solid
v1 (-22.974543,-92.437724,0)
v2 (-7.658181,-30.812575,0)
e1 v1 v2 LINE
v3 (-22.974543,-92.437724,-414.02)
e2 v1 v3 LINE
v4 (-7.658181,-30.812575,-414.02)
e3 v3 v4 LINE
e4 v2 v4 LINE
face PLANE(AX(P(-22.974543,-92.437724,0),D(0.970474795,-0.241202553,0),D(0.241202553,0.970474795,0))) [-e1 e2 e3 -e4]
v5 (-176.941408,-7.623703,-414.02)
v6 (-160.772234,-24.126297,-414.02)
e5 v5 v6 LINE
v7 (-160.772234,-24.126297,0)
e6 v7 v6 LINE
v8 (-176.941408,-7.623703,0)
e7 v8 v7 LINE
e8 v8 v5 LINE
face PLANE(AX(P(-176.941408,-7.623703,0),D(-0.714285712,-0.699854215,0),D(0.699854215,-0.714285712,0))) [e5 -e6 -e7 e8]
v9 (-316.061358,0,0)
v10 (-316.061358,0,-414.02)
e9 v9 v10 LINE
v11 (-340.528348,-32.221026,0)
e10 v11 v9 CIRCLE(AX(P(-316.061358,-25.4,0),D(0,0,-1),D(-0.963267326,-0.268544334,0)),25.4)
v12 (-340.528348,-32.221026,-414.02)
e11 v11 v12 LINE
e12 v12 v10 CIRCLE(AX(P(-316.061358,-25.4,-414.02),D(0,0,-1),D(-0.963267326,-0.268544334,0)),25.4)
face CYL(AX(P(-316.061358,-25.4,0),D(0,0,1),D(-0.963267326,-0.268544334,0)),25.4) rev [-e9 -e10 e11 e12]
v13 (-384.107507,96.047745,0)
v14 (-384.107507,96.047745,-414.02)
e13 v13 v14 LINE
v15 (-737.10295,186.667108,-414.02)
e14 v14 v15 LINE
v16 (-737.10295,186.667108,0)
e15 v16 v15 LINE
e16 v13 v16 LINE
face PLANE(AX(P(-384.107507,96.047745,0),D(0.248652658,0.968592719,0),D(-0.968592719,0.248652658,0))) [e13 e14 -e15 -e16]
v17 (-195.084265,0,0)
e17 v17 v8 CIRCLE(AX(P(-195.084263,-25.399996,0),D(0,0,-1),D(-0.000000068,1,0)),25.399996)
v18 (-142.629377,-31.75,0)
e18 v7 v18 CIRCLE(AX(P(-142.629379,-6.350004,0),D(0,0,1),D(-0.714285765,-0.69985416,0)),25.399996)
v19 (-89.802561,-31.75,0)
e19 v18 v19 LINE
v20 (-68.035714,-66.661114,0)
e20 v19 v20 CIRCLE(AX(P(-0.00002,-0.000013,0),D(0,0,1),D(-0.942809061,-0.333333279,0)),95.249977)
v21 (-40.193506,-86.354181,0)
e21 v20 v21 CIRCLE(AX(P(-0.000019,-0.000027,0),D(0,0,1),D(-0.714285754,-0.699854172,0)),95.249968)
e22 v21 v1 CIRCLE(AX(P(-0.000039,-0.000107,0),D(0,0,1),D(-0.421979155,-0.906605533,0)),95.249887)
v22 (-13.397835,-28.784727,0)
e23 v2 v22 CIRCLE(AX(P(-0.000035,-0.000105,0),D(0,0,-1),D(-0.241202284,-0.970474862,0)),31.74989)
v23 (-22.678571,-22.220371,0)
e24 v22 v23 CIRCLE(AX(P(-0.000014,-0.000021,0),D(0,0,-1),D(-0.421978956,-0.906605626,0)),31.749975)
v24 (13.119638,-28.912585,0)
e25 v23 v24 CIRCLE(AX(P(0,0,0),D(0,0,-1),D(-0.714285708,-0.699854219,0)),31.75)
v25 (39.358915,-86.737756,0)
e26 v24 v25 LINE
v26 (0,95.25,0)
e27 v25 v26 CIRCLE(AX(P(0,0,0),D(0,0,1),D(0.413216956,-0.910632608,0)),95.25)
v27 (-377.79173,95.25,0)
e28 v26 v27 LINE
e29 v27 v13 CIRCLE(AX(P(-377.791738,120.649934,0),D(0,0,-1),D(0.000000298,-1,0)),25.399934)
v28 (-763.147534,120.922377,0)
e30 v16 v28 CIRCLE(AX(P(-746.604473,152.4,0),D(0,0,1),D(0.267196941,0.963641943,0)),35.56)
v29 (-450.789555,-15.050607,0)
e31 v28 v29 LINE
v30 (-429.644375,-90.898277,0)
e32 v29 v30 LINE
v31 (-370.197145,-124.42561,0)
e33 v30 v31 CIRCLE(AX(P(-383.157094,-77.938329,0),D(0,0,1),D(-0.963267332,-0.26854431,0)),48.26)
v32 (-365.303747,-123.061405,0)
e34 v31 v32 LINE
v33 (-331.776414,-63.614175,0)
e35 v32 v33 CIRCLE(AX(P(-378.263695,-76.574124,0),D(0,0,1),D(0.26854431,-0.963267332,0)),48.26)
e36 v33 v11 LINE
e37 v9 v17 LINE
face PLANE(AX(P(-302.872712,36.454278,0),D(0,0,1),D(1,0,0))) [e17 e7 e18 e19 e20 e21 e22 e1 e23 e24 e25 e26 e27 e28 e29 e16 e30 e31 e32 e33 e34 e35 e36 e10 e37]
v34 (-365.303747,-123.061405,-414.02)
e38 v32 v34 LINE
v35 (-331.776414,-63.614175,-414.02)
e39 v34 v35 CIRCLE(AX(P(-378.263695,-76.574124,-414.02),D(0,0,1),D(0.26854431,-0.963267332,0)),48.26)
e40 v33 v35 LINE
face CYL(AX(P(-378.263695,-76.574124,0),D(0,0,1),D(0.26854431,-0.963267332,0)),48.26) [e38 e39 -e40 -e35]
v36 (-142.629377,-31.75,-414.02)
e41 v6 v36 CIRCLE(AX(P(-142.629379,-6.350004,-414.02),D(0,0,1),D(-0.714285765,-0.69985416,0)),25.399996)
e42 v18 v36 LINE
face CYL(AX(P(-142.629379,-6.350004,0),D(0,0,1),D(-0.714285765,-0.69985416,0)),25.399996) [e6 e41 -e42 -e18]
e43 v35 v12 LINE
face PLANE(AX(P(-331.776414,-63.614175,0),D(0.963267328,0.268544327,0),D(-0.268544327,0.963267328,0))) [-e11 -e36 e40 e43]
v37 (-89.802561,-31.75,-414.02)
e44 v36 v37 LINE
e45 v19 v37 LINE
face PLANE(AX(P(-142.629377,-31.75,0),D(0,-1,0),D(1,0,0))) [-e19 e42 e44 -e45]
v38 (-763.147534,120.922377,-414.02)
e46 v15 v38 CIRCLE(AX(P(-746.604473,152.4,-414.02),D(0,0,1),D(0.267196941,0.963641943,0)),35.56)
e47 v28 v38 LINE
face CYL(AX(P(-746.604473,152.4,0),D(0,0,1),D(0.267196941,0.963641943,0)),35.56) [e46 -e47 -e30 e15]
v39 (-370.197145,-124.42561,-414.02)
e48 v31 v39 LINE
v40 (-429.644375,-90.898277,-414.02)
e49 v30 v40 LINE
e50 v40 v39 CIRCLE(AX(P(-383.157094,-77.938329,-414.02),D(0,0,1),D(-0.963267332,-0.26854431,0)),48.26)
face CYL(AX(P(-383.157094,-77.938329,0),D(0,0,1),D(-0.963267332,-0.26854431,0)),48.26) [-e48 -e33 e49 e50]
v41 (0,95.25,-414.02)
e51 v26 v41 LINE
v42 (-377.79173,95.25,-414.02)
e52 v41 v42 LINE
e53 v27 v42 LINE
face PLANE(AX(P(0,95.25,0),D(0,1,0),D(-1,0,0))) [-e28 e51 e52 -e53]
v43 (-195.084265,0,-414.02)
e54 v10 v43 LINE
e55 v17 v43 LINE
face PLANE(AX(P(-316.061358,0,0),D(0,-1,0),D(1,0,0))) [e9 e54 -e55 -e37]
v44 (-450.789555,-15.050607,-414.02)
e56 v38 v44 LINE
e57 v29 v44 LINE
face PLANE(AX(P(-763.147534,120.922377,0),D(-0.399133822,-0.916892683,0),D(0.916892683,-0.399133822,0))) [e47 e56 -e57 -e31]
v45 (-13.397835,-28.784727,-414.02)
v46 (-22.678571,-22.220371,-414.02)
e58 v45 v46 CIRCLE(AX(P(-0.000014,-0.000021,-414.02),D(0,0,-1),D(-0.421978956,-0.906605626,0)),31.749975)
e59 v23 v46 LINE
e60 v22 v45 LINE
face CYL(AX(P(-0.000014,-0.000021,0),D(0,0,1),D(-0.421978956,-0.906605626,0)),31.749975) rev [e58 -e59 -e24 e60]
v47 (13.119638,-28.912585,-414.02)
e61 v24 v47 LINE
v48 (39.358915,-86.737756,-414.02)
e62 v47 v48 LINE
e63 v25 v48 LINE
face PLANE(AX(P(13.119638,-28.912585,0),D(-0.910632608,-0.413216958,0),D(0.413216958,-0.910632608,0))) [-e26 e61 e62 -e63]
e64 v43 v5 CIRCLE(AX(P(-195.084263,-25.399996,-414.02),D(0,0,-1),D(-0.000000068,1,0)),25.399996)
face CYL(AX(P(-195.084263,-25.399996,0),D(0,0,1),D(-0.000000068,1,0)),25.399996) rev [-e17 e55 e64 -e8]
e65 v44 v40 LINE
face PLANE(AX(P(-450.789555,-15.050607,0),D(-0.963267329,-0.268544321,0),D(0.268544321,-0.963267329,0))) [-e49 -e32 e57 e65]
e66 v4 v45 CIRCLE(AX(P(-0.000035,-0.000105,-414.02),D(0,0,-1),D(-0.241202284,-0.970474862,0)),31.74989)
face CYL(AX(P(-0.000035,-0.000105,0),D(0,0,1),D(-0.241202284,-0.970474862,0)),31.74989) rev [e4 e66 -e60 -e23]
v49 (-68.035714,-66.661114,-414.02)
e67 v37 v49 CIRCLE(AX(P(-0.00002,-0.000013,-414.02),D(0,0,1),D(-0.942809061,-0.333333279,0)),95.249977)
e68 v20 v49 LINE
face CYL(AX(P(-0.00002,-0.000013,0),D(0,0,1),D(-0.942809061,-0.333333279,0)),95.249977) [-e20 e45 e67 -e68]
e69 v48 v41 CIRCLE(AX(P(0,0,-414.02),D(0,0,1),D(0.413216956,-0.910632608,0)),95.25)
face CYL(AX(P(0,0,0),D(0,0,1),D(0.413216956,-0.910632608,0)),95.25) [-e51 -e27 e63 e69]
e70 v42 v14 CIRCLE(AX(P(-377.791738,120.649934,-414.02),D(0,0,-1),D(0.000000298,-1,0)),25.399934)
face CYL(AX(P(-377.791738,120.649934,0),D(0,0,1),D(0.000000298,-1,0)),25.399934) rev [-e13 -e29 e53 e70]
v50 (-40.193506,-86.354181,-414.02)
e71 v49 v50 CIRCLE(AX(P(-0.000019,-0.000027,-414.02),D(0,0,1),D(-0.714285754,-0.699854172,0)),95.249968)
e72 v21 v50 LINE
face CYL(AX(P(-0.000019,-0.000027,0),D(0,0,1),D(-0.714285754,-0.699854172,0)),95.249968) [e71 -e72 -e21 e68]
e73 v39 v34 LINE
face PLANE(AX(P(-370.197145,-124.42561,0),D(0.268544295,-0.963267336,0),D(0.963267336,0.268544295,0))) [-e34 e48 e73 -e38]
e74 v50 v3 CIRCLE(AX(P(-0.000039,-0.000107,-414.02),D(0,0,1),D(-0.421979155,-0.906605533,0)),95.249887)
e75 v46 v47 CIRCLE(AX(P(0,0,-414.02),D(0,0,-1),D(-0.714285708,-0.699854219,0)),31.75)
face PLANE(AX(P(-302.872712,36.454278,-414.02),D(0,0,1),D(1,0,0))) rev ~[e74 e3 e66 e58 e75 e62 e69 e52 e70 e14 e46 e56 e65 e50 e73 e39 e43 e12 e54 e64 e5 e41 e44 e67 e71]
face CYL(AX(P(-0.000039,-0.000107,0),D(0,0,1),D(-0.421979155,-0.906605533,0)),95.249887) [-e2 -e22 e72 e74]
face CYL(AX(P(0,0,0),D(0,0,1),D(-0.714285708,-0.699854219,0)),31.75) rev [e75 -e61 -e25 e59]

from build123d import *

# Parameters (mm, degrees)
F1_DEPTH = 414.02


with BuildPart() as f1:
    # F0 (on Top) → F1 (new body)
    with BuildSketch(Plane.XY):
        with BuildLine():
            ThreePointArc((-22.678571, -22.220371), (5.834358, 31.209338), (13.119638, -28.912585))
            Line((13.119638, -28.912585), (39.358915, -86.737756))
            ThreePointArc((39.358915, -86.737756), (93.09762, 20.134439), (0, 95.25))
            Line((0, 95.25), (-377.79173, 95.25))
            ThreePointArc((-377.79173, 95.25), (-380.97471, 95.450225), (-384.107507, 96.047745))
            Line((-384.107507, 96.047745), (-737.10295, 186.667108))
            ThreePointArc((-737.10295, 186.667108), (-779.664846, 165.49677), (-763.147534, 120.922377))
            Line((-763.147534, 120.922377), (-450.789555, -15.050607))
            Line((-450.789555, -15.050607), (-429.644375, -90.898277))
            ThreePointArc((-429.644375, -90.898277), (-406.864498, -119.973868), (-370.197145, -124.42561))
            Line((-370.197145, -124.42561), (-365.303747, -123.061405))
            ThreePointArc((-365.303747, -123.061405), (-336.228156, -100.281528), (-331.776414, -63.614175))
            Line((-331.776414, -63.614175), (-340.528348, -32.221026))
            ThreePointArc((-340.528348, -32.221026), (-336.290224, -10.039239), (-316.061358, 0))
            Line((-316.061358, 0), (-195.084265, 0))
            ThreePointArc((-195.084265, 0), (-185.244497, -1.983361), (-176.941408, -7.623703))
            Line((-176.941408, -7.623703), (-160.772234, -24.126297))
            ThreePointArc((-160.772234, -24.126297), (-152.469145, -29.766639), (-142.629377, -31.75))
            Line((-142.629377, -31.75), (-89.802561, -31.75))
            ThreePointArc((-89.802561, -31.75), (-80.826523, -50.394799), (-68.035714, -66.661114))
            ThreePointArc((-68.035714, -66.661114), (-55.003139, -77.763856), (-40.193506, -86.354181))
            ThreePointArc((-40.193506, -86.354181), (-31.730159, -89.809574), (-22.974543, -92.437724))
            Line((-22.974543, -92.437724), (-7.658181, -30.812575))
            ThreePointArc((-7.658181, -30.812575), (-10.57672, -29.936525), (-13.397835, -28.784727))
            ThreePointArc((-13.397835, -28.784727), (-18.33438, -25.921285), (-22.678571, -22.220371))
        make_face()
    extrude(amount=-F1_DEPTH)


solid = f1.part
